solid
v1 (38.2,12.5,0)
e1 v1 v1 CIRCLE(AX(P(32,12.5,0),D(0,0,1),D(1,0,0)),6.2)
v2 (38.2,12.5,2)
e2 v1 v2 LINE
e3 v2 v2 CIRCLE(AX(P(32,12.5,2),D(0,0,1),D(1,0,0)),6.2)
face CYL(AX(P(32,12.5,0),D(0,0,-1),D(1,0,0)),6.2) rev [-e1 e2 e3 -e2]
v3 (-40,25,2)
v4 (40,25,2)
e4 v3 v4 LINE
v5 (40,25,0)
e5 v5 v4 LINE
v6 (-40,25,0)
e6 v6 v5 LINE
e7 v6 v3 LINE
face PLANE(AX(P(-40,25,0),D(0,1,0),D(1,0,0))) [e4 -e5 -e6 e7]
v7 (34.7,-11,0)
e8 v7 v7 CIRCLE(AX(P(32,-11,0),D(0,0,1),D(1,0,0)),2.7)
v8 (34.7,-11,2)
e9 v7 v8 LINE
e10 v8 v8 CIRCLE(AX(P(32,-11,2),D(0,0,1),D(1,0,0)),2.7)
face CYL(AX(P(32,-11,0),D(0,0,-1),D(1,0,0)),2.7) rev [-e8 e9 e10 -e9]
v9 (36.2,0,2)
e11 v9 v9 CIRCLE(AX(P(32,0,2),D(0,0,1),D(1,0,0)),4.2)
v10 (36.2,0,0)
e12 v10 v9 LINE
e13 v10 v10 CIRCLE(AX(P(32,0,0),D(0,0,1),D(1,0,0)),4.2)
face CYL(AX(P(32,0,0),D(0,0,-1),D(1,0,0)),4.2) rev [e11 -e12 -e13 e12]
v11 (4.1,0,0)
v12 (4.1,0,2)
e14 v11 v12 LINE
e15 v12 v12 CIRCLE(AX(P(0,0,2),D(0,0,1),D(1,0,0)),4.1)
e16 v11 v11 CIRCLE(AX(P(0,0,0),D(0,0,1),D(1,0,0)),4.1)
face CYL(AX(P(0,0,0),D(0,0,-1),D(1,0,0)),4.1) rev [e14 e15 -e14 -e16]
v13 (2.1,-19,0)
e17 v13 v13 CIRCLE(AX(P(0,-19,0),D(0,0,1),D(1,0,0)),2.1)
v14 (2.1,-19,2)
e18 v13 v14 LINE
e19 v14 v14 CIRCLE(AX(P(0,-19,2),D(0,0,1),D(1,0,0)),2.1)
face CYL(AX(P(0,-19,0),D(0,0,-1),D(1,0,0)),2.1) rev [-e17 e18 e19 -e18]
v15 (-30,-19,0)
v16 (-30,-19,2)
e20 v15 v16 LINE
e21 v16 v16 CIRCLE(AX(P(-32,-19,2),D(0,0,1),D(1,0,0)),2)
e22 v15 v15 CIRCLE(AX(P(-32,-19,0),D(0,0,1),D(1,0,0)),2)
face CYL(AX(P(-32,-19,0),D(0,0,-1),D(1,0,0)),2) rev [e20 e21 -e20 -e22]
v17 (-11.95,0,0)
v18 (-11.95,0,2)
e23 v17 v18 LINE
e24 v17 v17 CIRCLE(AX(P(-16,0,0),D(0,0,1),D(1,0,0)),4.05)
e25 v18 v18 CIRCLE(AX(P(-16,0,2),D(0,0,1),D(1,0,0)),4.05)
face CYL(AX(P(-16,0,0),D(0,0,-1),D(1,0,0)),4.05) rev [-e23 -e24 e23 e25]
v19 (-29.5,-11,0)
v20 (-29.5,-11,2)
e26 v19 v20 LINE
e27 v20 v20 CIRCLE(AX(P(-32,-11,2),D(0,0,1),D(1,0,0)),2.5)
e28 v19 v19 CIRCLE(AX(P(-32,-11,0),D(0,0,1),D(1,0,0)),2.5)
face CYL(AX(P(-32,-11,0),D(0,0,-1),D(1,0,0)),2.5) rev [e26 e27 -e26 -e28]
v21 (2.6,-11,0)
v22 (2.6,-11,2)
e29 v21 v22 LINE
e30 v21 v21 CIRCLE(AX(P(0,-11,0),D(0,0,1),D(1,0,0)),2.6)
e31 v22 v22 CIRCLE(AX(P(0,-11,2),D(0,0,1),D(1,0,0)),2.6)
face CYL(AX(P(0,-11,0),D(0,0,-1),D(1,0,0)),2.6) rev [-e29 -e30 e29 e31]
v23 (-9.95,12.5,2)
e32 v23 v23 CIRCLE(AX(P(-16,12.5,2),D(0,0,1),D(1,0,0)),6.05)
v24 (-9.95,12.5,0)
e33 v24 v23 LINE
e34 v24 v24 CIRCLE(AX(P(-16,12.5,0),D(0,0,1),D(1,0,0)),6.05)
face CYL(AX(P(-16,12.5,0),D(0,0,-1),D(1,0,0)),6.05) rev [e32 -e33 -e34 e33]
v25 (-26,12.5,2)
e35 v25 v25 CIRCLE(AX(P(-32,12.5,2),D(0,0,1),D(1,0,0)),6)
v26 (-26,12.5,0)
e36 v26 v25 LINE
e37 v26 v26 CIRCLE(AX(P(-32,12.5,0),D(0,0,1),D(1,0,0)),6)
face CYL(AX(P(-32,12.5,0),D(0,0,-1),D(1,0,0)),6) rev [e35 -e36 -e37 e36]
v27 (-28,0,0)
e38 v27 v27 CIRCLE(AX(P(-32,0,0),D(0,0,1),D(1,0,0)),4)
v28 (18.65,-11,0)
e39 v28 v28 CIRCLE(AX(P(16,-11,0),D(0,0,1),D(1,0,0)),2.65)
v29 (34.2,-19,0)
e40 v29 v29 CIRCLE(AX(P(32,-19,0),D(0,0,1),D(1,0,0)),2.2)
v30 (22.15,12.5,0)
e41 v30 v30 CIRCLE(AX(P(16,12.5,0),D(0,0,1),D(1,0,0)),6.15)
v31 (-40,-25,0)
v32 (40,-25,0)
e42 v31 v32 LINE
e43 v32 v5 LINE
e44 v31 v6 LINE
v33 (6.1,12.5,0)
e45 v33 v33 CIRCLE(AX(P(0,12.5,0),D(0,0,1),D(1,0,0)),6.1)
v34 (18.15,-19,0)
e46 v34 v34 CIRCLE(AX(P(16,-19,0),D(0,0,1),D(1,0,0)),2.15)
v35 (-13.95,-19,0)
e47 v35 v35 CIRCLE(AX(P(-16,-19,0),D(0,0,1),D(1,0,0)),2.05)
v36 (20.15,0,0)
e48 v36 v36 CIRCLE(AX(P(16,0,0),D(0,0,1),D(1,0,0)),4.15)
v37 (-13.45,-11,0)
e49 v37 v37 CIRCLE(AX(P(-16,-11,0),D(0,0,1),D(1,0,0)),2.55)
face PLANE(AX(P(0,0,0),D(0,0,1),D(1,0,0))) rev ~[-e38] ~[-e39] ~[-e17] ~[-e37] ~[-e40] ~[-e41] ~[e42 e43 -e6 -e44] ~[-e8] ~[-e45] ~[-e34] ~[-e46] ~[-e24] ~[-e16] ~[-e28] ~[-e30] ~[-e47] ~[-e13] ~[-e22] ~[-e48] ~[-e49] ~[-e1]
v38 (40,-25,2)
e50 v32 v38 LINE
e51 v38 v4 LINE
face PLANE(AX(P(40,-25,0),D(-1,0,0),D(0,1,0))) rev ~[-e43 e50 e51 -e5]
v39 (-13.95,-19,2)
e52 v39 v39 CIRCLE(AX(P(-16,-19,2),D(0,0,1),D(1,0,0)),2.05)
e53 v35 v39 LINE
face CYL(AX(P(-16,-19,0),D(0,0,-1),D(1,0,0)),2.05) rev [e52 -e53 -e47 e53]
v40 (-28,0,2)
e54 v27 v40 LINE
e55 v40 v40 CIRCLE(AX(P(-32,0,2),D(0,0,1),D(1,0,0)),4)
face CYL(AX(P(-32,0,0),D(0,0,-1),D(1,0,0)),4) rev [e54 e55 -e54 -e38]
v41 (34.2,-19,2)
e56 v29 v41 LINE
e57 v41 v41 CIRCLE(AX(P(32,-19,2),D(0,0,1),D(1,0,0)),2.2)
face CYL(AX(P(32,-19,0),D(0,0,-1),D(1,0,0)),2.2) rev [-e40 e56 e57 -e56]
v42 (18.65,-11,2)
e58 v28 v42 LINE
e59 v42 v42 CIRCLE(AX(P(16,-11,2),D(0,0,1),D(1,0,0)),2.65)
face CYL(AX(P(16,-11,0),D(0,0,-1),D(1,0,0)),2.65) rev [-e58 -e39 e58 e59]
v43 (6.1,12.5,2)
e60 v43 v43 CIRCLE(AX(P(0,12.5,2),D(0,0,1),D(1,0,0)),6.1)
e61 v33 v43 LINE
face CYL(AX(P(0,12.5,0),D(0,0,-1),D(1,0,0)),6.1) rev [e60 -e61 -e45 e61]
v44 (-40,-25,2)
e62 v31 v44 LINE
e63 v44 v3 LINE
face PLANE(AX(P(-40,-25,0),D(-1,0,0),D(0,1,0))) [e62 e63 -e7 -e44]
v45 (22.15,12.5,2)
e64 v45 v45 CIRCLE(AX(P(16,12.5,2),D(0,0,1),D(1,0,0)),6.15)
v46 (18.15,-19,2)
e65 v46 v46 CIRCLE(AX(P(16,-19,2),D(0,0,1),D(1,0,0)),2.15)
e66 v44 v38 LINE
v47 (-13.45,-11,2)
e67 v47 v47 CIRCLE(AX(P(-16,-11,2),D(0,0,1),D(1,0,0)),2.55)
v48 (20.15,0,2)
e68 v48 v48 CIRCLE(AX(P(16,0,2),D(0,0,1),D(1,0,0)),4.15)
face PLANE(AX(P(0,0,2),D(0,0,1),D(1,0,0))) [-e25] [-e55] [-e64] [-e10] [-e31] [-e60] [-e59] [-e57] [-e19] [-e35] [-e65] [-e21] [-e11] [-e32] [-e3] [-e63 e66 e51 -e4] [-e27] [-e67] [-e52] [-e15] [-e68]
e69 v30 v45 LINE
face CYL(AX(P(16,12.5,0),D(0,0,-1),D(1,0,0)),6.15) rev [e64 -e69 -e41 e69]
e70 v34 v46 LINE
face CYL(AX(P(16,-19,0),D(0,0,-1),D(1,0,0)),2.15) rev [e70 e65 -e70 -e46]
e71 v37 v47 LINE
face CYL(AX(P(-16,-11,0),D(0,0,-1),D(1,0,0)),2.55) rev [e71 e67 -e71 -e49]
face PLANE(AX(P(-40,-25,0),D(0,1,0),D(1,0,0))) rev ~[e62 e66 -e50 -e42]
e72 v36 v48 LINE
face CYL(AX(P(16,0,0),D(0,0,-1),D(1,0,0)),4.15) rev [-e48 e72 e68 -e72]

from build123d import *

# Parameters (mm, degrees)
F0_W     = 80
F0_H     = 50
F0_R     = 2
F0_R_2   = 2.05
F0_R_3   = 2.5
F0_R_4   = 2.55
F0_R_5   = 2.1
F0_R_6   = 2.15
F0_R_7   = 2.2
F0_R_8   = 2.6
F0_R_9   = 2.65
F0_R_10  = 2.7
F0_R_11  = 4
F0_R_12  = 4.05
F0_R_13  = 6
F0_R_14  = 6.05
F0_R_15  = 4.1
F0_R_16  = 4.15
F0_R_17  = 4.2
F0_R_18  = 6.1
F0_R_19  = 6.15
F0_R_20  = 6.2
F1_DEPTH = 2


with BuildPart() as f1:
    # F0 (on Top) → F1 (new body)
    with BuildSketch(Plane.XY):
        Rectangle(F0_W, F0_H)
        with Locations((-32, -19)):
            Circle(F0_R, mode=Mode.SUBTRACT)
        with Locations((-16, -19)):
            Circle(F0_R_2, mode=Mode.SUBTRACT)
        with Locations((-32, -11)):
            Circle(F0_R_3, mode=Mode.SUBTRACT)
        with Locations((-16, -11)):
            Circle(F0_R_4, mode=Mode.SUBTRACT)
        with Locations((0, -19)):
            Circle(F0_R_5, mode=Mode.SUBTRACT)
        with Locations((16, -19)):
            Circle(F0_R_6, mode=Mode.SUBTRACT)
        with Locations((32, -19)):
            Circle(F0_R_7, mode=Mode.SUBTRACT)
        with Locations((0, -11)):
            Circle(F0_R_8, mode=Mode.SUBTRACT)
        with Locations((16, -11)):
            Circle(F0_R_9, mode=Mode.SUBTRACT)
        with Locations((32, -11)):
            Circle(F0_R_10, mode=Mode.SUBTRACT)
        with Locations((-32, 0)):
            Circle(F0_R_11, mode=Mode.SUBTRACT)
        with Locations((-16, 0)):
            Circle(F0_R_12, mode=Mode.SUBTRACT)
        with Locations((-32, 12.5)):
            Circle(F0_R_13, mode=Mode.SUBTRACT)
        with Locations((-16, 12.5)):
            Circle(F0_R_14, mode=Mode.SUBTRACT)
        Circle(F0_R_15, mode=Mode.SUBTRACT)
        with Locations((16, 0)):
            Circle(F0_R_16, mode=Mode.SUBTRACT)
        with Locations((32, 0)):
            Circle(F0_R_17, mode=Mode.SUBTRACT)
        with Locations((0, 12.5)):
            Circle(F0_R_18, mode=Mode.SUBTRACT)
        with Locations((16, 12.5)):
            Circle(F0_R_19, mode=Mode.SUBTRACT)
        with Locations((32, 12.5)):
            Circle(F0_R_20, mode=Mode.SUBTRACT)
    extrude(amount=F1_DEPTH)


solid = f1.part
